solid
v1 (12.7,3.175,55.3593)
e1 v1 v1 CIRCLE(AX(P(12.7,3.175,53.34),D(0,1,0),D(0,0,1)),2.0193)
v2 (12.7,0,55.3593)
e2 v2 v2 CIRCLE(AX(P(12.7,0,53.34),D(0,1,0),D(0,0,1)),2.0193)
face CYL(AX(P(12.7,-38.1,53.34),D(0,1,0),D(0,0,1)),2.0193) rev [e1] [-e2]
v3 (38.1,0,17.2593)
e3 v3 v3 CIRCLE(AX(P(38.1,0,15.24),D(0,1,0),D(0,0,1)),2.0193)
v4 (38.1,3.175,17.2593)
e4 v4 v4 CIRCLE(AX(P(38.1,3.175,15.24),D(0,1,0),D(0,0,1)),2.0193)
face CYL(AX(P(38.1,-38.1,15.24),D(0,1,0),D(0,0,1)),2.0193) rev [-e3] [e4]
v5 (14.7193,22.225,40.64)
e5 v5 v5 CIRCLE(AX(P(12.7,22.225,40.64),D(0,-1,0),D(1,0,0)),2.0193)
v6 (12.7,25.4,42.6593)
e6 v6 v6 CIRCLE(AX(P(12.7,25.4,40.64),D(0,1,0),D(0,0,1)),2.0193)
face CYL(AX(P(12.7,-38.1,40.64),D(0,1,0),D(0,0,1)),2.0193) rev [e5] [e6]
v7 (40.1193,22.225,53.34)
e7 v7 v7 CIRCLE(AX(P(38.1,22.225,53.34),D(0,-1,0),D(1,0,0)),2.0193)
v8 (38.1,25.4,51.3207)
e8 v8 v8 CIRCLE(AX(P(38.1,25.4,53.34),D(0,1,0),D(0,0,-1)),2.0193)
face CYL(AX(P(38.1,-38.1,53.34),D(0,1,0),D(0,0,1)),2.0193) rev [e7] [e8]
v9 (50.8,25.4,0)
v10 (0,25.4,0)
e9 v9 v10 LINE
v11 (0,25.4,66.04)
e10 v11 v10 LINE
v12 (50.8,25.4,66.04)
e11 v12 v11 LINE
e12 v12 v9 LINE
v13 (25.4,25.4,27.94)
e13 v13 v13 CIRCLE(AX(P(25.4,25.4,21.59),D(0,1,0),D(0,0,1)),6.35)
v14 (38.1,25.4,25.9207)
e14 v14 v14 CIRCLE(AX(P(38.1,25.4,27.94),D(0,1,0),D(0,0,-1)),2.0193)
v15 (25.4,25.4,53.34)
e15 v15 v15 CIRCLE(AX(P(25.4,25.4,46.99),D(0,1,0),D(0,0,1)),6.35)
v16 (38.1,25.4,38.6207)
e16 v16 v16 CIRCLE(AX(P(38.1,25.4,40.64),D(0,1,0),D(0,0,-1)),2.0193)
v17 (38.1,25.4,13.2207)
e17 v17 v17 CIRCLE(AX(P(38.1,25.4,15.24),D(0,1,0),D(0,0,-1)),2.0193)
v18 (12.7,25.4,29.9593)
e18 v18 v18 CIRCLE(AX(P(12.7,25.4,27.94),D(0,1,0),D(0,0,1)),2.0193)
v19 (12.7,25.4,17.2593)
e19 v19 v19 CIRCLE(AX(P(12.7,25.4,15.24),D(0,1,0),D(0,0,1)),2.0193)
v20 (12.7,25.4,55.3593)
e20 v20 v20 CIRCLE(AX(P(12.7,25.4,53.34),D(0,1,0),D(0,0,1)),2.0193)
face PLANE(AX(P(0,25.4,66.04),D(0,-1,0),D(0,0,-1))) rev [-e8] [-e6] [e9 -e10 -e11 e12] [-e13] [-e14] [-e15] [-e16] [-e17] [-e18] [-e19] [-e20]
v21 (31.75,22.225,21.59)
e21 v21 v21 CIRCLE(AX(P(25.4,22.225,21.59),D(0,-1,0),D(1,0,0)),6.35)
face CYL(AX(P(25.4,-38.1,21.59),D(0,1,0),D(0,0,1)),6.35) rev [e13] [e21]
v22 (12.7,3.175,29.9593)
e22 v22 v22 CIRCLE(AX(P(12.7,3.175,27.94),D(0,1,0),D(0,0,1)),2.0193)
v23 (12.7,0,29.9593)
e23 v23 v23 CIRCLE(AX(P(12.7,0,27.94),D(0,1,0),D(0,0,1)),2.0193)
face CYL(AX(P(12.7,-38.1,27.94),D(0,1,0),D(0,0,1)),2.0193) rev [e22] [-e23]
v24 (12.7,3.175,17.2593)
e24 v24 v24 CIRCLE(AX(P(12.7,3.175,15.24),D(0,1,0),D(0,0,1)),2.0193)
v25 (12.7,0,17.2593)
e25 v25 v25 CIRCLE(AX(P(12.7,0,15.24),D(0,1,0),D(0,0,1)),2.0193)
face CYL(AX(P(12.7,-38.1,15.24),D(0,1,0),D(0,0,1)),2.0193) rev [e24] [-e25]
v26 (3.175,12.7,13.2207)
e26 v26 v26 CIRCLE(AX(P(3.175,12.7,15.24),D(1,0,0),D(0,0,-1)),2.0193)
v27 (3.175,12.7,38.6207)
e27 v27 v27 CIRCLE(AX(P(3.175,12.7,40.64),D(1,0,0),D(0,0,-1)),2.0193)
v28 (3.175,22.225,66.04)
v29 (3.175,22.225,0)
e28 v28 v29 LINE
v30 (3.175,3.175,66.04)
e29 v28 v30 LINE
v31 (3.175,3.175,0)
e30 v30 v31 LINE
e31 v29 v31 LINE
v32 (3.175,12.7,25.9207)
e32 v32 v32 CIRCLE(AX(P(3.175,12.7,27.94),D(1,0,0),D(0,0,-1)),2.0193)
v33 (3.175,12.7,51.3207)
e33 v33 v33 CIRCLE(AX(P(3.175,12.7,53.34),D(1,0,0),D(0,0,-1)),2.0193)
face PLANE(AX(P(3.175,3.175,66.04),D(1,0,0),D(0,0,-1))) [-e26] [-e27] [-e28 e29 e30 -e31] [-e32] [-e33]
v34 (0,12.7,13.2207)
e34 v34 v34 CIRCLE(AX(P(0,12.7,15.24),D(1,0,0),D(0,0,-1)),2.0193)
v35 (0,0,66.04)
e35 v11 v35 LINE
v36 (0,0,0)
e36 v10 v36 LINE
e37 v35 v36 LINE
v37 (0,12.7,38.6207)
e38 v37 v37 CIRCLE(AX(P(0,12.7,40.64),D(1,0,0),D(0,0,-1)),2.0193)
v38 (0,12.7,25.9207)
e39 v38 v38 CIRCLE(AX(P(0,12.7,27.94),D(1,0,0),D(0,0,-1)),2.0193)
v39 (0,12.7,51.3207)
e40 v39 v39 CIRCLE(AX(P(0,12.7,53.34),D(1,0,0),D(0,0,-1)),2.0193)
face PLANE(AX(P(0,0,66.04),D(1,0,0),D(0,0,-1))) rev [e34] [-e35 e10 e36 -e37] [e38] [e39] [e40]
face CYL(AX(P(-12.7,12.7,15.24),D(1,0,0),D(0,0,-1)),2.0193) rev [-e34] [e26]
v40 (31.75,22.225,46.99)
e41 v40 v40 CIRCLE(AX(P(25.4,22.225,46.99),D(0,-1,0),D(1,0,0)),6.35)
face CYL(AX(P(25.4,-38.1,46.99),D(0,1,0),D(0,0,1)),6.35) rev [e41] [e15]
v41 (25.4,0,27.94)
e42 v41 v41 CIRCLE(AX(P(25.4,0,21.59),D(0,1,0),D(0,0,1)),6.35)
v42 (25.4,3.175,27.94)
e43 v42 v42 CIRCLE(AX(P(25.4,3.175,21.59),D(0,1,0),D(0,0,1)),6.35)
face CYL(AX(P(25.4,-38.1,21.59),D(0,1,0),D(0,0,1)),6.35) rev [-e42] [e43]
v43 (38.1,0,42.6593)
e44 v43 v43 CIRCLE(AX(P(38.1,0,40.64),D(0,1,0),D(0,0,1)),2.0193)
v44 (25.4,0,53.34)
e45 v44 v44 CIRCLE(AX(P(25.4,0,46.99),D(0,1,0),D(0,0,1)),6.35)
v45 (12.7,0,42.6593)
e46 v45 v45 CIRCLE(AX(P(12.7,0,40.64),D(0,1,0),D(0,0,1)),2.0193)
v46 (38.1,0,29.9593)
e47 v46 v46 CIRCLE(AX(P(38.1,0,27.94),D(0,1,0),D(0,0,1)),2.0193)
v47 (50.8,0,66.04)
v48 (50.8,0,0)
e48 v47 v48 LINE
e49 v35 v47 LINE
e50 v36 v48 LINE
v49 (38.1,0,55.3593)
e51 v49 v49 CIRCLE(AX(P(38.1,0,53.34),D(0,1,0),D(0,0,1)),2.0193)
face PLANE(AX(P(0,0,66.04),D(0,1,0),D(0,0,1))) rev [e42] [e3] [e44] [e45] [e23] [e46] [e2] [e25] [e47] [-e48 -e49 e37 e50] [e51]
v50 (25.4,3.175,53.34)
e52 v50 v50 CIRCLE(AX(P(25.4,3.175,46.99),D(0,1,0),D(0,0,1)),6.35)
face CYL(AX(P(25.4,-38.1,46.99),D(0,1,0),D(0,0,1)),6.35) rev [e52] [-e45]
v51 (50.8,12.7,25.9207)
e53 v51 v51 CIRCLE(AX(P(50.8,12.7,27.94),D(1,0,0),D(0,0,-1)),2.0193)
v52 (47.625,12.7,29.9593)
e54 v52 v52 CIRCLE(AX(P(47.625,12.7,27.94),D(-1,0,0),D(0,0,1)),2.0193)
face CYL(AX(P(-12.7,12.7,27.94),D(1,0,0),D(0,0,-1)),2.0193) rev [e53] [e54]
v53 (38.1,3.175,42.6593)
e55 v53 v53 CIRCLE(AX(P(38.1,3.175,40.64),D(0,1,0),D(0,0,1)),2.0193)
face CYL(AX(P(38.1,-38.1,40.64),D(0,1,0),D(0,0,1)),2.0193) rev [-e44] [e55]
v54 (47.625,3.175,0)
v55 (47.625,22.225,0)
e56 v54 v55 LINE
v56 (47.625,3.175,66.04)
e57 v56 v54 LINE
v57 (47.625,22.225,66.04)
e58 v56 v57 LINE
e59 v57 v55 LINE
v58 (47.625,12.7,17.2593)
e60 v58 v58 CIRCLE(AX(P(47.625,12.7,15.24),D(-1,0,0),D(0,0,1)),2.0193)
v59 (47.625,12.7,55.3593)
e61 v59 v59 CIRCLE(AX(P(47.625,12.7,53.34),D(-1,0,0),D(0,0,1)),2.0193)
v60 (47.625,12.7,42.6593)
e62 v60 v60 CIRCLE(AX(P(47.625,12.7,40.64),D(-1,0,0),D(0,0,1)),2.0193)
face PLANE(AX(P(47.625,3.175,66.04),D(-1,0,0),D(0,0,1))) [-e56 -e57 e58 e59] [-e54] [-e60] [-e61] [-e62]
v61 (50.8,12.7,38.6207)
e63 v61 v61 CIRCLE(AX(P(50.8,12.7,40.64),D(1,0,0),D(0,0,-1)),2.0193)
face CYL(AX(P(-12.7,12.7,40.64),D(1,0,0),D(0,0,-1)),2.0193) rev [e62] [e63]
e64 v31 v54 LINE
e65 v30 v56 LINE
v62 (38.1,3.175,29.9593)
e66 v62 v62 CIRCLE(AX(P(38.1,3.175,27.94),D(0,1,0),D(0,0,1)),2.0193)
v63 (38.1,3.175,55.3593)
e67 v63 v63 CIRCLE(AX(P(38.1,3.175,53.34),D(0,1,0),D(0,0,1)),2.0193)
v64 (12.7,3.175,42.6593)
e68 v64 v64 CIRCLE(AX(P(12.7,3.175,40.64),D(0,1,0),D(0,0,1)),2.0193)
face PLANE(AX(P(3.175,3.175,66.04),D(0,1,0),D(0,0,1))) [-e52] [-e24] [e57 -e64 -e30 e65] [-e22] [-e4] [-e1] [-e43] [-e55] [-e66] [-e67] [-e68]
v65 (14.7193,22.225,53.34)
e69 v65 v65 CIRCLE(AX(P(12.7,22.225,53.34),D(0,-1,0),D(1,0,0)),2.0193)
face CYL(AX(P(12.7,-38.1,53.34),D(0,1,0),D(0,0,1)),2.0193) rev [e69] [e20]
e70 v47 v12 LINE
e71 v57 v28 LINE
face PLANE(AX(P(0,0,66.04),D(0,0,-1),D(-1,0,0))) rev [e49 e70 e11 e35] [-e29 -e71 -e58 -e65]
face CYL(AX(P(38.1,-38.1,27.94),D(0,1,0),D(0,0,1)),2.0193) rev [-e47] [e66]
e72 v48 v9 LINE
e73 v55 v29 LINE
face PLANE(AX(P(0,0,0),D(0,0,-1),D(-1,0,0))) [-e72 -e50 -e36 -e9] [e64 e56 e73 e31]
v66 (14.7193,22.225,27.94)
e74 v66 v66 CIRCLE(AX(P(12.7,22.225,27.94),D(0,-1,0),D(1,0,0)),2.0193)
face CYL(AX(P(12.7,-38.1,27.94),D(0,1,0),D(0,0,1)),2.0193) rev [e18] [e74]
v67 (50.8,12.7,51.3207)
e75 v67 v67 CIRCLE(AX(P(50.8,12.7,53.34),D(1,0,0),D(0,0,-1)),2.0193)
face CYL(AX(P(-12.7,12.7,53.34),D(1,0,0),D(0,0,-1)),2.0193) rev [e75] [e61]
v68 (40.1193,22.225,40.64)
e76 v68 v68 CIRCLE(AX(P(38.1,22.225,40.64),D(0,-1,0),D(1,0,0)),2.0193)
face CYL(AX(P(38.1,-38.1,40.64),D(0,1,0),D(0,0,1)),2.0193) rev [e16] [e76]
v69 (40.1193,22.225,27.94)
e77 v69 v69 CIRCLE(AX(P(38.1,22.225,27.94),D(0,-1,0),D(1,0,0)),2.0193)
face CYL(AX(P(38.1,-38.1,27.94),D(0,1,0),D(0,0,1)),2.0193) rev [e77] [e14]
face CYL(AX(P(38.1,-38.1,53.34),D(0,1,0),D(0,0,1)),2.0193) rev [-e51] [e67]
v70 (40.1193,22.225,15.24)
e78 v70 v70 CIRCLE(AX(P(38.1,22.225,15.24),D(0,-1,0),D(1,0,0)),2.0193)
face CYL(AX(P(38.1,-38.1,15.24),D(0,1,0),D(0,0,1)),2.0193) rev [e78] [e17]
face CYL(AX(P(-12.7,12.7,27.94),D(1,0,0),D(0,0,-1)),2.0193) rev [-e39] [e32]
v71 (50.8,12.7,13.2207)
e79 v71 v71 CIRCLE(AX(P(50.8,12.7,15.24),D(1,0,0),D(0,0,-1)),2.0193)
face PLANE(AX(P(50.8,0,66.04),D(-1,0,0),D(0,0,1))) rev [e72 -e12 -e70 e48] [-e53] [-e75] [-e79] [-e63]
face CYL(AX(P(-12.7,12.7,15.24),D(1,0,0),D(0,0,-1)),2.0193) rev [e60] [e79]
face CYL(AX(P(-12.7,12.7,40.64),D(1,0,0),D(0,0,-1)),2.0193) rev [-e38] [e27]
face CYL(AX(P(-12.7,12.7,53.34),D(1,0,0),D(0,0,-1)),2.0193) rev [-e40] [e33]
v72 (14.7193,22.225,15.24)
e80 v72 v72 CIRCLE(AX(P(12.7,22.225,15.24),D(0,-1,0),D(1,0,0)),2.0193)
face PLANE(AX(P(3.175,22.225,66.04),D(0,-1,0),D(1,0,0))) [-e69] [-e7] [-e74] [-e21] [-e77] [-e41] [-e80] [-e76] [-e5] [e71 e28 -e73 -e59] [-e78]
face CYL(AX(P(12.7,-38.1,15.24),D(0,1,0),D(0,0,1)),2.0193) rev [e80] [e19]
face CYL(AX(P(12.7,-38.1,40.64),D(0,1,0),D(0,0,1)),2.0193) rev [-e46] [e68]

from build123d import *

# Parameters (mm, degrees)
SKETCH1_W           = 50.8
SKETCH1_H           = 25.4
SKETCH1_W_2         = 44.45
SKETCH1_H_2         = 19.05
BOSS_EXTRUDE1_DEPTH = 66.04
SKETCH2_R           = 2.0193
SKETCH2_R_2         = 6.35
CUT_EXTRUDE1_DEPTH  = 63.5
SKETCH3_R           = 2.0193
CUT_EXTRUDE2_DEPTH  = 63.5


with BuildPart() as part:
    # Sketch1 → Boss-Extrude1 (new body)
    with BuildSketch(Plane.XY):
        with Locations((25.4, 12.7)):
            Rectangle(SKETCH1_W, SKETCH1_H)
        with Locations((25.4, 12.7)):
            Rectangle(SKETCH1_W_2, SKETCH1_H_2, mode=Mode.SUBTRACT)
    extrude(amount=BOSS_EXTRUDE1_DEPTH)

    # Sketch2 → Cut-Extrude1 (cut)
    with BuildSketch(Plane(origin=(0, 25.4, 0), x_dir=(1, 0, 0), z_dir=(0, 1, 0))):
        with Locations((12.7, -53.34)):
            Circle(SKETCH2_R)
        with Locations((25.4, -46.99)):
            Circle(SKETCH2_R_2)
        with Locations((38.1, -53.34)):
            Circle(SKETCH2_R)
        with Locations((12.7, -40.64)):
            Circle(SKETCH2_R)
        with Locations((38.1, -40.64)):
            Circle(SKETCH2_R)
        with Locations((12.7, -27.94)):
            Circle(SKETCH2_R)
        with Locations((38.1, -27.94)):
            Circle(SKETCH2_R)
        with Locations((12.7, -15.24)):
            Circle(SKETCH2_R)
        with Locations((38.1, -15.24)):
            Circle(SKETCH2_R)
        with Locations((25.4, -21.59)):
            Circle(SKETCH2_R_2)
    extrude(amount=-CUT_EXTRUDE1_DEPTH, mode=Mode.SUBTRACT)

    # Sketch3 → Cut-Extrude2 (cut)
    with BuildSketch(Plane(origin=(50.8, 0, 0), x_dir=(0, 0, -1), z_dir=(1, 0, 0))):
        with Locations((-53.34, 12.7)):
            Circle(SKETCH3_R)
        with Locations((-40.64, 12.7)):
            Circle(SKETCH3_R)
        with Locations((-27.94, 12.7)):
            Circle(SKETCH3_R)
        with Locations((-15.24, 12.7)):
            Circle(SKETCH3_R)
    extrude(amount=-CUT_EXTRUDE2_DEPTH, mode=Mode.SUBTRACT)


solid = part.part
